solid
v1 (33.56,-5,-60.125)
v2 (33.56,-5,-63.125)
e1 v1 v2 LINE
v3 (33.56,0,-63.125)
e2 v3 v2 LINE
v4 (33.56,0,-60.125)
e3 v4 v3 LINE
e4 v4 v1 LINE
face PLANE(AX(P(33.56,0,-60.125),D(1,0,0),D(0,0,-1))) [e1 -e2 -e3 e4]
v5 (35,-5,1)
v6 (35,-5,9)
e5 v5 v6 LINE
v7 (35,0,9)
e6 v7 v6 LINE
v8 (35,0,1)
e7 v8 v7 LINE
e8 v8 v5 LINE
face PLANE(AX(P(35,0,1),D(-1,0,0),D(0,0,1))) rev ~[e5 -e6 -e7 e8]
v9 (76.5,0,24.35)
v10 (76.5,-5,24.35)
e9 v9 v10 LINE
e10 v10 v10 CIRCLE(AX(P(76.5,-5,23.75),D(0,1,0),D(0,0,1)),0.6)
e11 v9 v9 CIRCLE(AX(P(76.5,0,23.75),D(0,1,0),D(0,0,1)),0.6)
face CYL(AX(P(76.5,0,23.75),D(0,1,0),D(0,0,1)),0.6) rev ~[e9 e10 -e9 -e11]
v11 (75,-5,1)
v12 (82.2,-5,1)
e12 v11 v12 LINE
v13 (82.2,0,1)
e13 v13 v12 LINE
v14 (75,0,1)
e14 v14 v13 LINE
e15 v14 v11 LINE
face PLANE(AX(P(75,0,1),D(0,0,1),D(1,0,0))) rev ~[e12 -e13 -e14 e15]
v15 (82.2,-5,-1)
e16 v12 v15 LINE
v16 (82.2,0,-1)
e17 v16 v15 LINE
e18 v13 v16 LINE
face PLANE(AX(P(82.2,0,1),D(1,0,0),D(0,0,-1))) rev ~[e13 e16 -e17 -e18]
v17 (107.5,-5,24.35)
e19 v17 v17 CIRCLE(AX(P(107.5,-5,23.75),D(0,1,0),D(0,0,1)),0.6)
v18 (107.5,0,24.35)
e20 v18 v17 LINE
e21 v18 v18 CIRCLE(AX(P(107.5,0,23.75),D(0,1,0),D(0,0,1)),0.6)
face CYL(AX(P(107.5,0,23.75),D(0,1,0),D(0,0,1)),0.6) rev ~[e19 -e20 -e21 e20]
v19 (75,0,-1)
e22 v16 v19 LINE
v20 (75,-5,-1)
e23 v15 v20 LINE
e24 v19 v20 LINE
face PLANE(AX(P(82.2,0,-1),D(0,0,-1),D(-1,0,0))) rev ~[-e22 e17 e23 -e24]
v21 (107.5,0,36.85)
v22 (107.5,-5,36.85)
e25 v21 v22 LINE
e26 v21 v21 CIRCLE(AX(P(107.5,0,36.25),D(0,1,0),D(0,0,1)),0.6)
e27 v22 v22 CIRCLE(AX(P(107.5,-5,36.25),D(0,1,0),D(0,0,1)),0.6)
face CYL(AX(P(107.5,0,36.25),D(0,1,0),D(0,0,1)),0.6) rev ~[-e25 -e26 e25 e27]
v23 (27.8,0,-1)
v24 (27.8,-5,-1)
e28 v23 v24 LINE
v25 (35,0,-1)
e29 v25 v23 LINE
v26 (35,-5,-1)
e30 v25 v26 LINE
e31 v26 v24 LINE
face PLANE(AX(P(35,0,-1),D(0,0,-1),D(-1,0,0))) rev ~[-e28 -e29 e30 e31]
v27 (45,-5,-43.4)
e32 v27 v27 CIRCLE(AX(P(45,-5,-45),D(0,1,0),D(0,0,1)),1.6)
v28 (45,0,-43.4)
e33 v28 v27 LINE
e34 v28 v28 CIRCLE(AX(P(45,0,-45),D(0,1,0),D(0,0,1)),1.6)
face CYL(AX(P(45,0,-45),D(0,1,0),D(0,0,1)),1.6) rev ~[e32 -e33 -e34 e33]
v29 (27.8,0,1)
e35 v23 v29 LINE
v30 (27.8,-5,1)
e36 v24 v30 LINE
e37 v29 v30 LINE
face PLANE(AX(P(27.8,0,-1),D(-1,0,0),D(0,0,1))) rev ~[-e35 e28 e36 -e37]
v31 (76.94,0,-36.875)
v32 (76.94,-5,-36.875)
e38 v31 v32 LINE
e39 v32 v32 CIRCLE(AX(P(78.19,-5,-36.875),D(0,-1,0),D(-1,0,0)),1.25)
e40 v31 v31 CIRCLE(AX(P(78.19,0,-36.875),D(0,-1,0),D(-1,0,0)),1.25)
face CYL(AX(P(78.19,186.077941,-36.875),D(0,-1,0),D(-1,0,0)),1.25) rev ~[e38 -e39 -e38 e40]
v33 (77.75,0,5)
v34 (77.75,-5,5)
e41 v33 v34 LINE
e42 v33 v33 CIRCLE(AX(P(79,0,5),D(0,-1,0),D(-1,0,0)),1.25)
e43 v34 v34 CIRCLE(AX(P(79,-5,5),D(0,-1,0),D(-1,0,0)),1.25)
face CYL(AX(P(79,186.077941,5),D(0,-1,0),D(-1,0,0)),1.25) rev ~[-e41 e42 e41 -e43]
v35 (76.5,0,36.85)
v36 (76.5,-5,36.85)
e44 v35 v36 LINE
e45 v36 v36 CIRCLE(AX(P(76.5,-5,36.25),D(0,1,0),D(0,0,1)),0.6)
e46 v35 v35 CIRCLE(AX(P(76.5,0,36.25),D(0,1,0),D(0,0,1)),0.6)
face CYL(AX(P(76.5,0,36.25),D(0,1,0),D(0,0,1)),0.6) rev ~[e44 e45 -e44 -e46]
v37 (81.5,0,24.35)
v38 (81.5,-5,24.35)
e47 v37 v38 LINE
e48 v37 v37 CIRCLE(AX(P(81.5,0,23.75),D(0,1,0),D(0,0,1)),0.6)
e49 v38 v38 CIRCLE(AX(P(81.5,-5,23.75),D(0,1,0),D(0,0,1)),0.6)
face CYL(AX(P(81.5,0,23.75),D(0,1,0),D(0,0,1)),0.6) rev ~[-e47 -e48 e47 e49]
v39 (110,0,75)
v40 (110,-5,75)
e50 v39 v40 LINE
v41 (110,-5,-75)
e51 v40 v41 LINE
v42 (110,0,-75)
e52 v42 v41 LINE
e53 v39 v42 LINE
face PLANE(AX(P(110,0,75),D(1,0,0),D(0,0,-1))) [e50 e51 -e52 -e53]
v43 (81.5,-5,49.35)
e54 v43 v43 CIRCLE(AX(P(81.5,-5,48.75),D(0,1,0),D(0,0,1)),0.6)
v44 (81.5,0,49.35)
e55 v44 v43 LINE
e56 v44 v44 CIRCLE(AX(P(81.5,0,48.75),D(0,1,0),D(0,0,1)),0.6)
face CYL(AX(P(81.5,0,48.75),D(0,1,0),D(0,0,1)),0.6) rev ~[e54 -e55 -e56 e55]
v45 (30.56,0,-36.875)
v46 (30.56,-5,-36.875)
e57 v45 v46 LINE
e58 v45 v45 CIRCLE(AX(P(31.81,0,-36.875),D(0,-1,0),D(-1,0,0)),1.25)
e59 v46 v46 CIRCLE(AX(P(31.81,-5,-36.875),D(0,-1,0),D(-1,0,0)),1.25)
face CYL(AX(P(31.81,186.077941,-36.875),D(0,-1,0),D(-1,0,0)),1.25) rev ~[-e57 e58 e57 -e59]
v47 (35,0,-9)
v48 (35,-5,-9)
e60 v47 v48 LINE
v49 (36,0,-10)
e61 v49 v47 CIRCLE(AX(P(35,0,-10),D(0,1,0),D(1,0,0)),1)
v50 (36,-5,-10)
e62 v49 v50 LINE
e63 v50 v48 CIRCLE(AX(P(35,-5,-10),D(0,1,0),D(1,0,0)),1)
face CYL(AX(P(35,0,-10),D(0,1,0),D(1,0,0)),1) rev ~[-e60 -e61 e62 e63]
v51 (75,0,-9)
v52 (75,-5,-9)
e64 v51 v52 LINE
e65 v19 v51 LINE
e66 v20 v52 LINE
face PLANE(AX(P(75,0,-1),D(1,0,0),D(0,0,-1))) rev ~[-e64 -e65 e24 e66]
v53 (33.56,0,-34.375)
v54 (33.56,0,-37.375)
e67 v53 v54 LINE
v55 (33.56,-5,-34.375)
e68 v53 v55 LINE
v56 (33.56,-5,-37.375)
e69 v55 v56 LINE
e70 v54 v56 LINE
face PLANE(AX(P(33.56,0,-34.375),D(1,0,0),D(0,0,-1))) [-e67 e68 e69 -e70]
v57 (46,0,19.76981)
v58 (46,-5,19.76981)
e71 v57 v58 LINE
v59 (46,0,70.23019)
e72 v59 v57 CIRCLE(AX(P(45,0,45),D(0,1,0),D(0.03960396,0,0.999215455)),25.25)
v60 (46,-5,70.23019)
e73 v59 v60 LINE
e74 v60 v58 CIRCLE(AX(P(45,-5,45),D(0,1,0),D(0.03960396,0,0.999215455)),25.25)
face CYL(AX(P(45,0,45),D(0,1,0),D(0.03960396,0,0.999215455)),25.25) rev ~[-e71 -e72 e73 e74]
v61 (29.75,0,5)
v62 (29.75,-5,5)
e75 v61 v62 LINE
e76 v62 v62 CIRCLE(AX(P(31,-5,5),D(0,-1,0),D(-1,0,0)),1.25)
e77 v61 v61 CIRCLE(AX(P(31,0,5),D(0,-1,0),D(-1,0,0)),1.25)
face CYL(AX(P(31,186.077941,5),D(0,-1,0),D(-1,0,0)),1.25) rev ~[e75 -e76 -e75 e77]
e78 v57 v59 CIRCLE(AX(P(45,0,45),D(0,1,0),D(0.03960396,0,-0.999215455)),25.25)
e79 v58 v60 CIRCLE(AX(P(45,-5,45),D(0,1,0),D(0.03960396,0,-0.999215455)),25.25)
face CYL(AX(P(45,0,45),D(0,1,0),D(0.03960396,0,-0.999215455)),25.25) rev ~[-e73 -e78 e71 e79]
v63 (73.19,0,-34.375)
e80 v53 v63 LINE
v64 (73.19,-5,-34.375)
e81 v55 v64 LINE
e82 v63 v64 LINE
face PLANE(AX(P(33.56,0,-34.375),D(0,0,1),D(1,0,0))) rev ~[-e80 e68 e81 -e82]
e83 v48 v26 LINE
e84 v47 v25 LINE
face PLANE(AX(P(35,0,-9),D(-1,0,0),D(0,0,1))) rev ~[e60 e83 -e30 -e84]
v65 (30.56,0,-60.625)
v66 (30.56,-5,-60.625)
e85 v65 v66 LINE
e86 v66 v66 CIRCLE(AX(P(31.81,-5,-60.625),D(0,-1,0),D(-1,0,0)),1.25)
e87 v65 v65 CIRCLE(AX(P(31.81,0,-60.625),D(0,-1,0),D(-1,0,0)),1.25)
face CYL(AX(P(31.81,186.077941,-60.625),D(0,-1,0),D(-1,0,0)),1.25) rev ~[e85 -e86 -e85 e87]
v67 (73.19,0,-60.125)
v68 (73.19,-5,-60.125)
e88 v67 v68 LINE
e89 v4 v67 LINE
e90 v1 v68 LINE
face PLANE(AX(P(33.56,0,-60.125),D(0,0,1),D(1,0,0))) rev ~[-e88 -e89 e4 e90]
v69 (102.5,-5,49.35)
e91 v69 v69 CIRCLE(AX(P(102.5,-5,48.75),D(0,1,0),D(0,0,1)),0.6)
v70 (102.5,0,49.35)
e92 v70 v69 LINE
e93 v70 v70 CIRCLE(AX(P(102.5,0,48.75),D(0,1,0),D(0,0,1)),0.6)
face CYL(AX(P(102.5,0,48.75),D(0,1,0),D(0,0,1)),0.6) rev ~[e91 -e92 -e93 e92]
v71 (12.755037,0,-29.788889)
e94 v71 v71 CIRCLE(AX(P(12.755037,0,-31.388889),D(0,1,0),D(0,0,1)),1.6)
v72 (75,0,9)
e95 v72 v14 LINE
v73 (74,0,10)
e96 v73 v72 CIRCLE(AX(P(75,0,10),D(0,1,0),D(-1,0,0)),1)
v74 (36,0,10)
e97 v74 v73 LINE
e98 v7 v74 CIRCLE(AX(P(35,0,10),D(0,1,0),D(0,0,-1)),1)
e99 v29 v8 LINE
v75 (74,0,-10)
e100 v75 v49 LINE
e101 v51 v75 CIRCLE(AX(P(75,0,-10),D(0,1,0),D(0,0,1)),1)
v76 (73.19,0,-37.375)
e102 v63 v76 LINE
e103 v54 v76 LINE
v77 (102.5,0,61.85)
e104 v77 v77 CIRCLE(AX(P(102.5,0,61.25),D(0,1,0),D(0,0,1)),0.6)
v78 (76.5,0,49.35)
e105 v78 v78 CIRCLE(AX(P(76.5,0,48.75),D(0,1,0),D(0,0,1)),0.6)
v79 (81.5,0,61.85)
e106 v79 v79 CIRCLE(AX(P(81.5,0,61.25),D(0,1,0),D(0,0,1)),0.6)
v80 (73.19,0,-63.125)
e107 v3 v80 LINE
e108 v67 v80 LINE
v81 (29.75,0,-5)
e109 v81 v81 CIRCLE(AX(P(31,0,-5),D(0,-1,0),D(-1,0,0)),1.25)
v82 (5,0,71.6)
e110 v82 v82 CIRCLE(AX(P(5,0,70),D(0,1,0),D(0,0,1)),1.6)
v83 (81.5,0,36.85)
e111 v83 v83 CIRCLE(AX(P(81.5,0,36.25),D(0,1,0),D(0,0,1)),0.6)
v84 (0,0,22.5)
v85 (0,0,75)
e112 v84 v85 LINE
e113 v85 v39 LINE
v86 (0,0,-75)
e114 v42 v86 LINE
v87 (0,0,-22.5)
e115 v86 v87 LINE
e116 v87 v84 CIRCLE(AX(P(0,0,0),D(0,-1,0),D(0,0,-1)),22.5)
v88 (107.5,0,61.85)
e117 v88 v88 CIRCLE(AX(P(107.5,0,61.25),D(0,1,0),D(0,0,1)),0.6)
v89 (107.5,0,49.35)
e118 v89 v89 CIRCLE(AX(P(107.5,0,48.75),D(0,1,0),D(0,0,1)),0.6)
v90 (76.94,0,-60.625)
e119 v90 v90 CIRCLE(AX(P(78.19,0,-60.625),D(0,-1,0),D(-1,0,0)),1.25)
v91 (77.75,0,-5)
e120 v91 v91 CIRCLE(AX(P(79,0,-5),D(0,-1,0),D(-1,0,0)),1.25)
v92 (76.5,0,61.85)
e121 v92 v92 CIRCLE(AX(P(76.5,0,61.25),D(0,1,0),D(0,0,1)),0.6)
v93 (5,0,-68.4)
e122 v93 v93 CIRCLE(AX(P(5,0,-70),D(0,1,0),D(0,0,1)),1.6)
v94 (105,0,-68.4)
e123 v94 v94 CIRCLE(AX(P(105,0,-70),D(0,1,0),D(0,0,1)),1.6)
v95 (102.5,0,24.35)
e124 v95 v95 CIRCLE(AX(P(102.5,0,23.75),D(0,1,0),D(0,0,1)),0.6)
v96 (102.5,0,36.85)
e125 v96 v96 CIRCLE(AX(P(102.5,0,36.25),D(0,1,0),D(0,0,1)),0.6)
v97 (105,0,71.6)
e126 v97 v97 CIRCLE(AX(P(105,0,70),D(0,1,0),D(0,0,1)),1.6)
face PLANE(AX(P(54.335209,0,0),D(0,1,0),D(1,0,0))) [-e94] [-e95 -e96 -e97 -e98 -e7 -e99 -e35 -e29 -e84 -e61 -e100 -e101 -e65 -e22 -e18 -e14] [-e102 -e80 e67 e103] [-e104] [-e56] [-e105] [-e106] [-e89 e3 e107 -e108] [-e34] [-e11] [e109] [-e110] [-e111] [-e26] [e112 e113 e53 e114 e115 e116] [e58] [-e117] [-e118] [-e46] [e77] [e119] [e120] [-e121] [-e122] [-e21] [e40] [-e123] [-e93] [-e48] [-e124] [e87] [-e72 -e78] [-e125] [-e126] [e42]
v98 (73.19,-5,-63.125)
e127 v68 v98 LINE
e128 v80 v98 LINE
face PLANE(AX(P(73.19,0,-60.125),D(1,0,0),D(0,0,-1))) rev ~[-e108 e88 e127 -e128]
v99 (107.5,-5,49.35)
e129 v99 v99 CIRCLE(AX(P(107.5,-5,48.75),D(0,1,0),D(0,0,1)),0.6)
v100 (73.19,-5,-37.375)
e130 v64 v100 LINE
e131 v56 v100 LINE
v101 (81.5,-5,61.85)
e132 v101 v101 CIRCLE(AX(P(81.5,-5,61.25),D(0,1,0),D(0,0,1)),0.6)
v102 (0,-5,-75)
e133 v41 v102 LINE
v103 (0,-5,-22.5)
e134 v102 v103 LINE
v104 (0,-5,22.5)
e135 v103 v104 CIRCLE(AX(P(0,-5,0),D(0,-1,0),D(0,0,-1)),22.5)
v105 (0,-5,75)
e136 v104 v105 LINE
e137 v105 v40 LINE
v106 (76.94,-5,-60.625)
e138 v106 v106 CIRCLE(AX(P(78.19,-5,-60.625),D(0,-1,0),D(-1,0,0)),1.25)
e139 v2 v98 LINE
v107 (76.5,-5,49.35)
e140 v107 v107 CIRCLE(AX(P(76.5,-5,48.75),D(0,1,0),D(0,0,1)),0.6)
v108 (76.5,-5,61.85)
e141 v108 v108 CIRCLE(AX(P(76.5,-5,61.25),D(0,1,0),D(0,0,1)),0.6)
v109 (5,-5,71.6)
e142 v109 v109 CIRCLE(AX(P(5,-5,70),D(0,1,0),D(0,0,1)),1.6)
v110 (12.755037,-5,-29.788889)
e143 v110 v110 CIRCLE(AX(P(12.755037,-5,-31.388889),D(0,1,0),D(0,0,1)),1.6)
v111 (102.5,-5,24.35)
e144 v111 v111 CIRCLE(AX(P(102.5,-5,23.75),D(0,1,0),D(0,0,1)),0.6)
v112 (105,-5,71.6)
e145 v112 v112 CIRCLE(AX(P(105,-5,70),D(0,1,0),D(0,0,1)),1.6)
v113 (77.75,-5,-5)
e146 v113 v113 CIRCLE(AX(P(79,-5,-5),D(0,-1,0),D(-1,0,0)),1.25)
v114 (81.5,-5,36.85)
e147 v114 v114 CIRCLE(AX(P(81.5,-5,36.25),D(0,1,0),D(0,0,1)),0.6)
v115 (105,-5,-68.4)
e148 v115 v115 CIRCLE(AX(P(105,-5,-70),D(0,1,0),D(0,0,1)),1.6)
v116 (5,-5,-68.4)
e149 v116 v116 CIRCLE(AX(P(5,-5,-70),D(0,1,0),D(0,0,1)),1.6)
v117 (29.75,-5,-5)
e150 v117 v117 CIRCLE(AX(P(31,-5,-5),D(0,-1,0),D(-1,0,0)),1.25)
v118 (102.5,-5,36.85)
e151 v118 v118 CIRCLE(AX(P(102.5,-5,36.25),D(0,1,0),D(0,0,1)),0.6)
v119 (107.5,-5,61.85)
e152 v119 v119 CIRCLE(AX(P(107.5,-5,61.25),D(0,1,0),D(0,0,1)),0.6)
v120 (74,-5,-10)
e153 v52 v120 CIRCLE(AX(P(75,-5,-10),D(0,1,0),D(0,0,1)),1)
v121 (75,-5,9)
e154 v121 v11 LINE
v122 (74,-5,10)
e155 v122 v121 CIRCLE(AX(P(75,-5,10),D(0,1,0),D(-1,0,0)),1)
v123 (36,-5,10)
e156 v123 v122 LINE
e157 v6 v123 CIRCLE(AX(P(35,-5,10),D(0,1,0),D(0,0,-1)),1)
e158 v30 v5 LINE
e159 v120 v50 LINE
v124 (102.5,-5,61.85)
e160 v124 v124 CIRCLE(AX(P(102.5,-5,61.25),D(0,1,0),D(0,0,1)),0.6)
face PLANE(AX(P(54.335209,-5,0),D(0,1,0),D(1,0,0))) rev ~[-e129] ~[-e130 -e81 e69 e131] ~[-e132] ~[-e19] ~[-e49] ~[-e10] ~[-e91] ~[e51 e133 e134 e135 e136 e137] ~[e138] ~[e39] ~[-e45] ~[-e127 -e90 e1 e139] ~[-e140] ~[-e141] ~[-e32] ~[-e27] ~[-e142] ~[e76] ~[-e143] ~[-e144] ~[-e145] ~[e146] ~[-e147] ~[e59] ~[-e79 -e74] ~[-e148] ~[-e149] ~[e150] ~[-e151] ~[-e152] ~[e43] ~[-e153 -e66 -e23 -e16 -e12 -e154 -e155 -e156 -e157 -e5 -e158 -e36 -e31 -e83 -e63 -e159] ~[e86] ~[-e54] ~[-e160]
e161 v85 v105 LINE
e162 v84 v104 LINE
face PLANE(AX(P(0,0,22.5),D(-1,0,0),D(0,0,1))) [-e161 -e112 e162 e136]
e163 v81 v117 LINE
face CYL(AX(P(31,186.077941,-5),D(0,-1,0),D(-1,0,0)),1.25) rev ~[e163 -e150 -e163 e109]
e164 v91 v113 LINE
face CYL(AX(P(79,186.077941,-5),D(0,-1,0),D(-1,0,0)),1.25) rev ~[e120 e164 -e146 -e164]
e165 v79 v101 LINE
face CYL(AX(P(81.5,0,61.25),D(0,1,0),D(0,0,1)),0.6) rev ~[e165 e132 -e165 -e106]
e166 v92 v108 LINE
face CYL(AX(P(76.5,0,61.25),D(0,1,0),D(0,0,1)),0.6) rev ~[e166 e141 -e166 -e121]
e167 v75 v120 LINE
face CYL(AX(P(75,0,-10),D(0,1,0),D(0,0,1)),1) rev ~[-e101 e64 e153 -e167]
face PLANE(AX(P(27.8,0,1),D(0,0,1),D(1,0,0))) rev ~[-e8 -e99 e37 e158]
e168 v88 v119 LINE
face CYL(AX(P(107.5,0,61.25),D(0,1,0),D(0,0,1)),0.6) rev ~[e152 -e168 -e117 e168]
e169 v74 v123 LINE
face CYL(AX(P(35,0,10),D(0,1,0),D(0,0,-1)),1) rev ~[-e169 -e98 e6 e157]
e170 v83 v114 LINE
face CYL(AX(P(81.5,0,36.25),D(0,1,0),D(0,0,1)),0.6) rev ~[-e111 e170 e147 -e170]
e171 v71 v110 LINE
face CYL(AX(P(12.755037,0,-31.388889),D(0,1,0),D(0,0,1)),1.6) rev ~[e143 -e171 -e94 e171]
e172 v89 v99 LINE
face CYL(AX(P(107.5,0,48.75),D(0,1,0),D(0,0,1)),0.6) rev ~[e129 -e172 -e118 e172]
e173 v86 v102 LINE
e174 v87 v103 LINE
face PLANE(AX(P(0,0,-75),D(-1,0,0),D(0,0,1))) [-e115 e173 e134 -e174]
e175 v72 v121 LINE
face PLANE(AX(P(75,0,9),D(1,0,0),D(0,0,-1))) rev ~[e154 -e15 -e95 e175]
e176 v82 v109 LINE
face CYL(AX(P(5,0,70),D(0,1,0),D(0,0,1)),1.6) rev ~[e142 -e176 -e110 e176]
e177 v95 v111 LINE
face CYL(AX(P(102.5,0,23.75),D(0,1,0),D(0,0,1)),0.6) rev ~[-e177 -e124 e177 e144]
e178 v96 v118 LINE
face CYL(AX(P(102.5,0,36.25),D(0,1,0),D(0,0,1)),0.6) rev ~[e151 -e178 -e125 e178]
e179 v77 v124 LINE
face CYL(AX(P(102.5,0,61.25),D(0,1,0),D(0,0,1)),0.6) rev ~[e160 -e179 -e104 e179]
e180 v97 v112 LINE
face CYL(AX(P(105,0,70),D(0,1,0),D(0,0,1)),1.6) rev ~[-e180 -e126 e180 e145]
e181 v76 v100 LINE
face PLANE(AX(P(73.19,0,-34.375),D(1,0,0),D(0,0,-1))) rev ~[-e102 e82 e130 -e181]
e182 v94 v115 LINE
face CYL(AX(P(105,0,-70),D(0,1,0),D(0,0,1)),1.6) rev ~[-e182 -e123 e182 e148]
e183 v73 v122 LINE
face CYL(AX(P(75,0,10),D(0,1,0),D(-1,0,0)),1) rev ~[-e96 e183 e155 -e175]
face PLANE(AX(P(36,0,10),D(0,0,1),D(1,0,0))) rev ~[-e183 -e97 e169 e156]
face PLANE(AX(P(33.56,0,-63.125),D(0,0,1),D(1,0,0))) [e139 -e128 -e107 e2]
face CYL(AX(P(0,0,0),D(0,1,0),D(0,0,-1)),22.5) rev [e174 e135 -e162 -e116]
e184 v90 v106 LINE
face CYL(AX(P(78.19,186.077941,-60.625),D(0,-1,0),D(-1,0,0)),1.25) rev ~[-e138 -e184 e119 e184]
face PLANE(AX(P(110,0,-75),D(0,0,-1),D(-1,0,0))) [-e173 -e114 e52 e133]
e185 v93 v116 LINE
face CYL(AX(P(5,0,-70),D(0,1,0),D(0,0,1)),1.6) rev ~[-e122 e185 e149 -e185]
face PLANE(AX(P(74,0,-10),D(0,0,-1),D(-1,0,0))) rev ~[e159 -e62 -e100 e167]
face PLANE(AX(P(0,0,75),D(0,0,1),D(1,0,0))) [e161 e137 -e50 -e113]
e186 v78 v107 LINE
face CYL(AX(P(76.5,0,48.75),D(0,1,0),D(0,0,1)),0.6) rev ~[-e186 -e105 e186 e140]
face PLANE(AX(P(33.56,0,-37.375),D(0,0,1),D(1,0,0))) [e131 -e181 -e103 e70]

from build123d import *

# Parameters (mm, degrees)
SKETCH_1_R         = 0.6
SKETCH_1_R_2       = 1.6
SKETCH_1_W         = 39.63
SKETCH_1_H         = 3
EXTRUDE_1_DEPTH    = 5
HOLE_WIZARD_M3_1_D = 2.5


with BuildPart() as part:
    # 草圖1 → 填料-伸長1 (new body)
    with BuildSketch(Plane(origin=(0, 0, 0), x_dir=(1, 0, 0), z_dir=(0, 1, 0))):
        with BuildLine():
            Line((110, 75), (0, 75))
            Line((0, 75), (0, 22.5))
            ThreePointArc((0, 22.5), (22.5, 0), (0, -22.5))
            Line((0, -22.5), (0, -75))
            Line((0, -75), (46, -75))
            Line((46, -75), (110, -75))
            Line((110, -75), (110, 75))
        make_face()
        with Locations(Location((76.5, -61.25, 0), (0, 0, 270))):
            Circle(SKETCH_1_R, mode=Mode.SUBTRACT)
        with Locations(Location((5, 70, 0), (0, 0, 270))):
            Circle(SKETCH_1_R_2, mode=Mode.SUBTRACT)
        with Locations(Location((5, -70, 0), (0, 0, 270))):
            Circle(SKETCH_1_R_2, mode=Mode.SUBTRACT)
        with Locations(Location((105, -70, 0), (0, 0, 270))):
            Circle(SKETCH_1_R_2, mode=Mode.SUBTRACT)
        with Locations(Location((105, 70, 0), (0, 0, 270))):
            Circle(SKETCH_1_R_2, mode=Mode.SUBTRACT)
        with Locations(Location((107.5, -61.25, 0), (0, 0, 270))):
            Circle(SKETCH_1_R, mode=Mode.SUBTRACT)
        with Locations(Location((107.5, -48.75, 0), (0, 0, 270))):
            Circle(SKETCH_1_R, mode=Mode.SUBTRACT)
        with Locations(Location((102.5, -48.75, 0), (0, 0, 270))):
            Circle(SKETCH_1_R, mode=Mode.SUBTRACT)
        with Locations(Location((107.5, -23.75, 0), (0, 0, 270))):
            Circle(SKETCH_1_R, mode=Mode.SUBTRACT)
        with Locations(Location((102.5, -36.25, 0), (0, 0, 270))):
            Circle(SKETCH_1_R, mode=Mode.SUBTRACT)
        with Locations(Location((81.5, -48.75, 0), (0, 0, 270))):
            Circle(SKETCH_1_R, mode=Mode.SUBTRACT)
        with Locations(Location((102.5, -23.75, 0), (0, 0, 270))):
            Circle(SKETCH_1_R, mode=Mode.SUBTRACT)
        with Locations(Location((107.5, -36.25, 0), (0, 0, 270))):
            Circle(SKETCH_1_R, mode=Mode.SUBTRACT)
        with Locations(Location((102.5, -61.25, 0), (0, 0, 270))):
            Circle(SKETCH_1_R, mode=Mode.SUBTRACT)
        with Locations(Location((81.5, -36.25, 0), (0, 0, 270))):
            Circle(SKETCH_1_R, mode=Mode.SUBTRACT)
        with Locations(Location((76.5, -48.75, 0), (0, 0, 270))):
            Circle(SKETCH_1_R, mode=Mode.SUBTRACT)
        with Locations(Location((81.5, -61.25, 0), (0, 0, 270))):
            Circle(SKETCH_1_R, mode=Mode.SUBTRACT)
        with Locations(Location((81.5, -23.75, 0), (0, 0, 270))):
            Circle(SKETCH_1_R, mode=Mode.SUBTRACT)
        with Locations(Location((76.5, -36.25, 0), (0, 0, 270))):
            Circle(SKETCH_1_R, mode=Mode.SUBTRACT)
        with Locations(Location((76.5, -23.75, 0), (0, 0, 270))):
            Circle(SKETCH_1_R, mode=Mode.SUBTRACT)
        with Locations(Location((45, 45, 0), (0, 0, 270))):
            Circle(SKETCH_1_R_2, mode=Mode.SUBTRACT)
        with Locations(Location((12.75503676, 31.388888889, 0), (0, 0, 270))):
            Circle(SKETCH_1_R_2, mode=Mode.SUBTRACT)
        with BuildLine():
            Line((75, -9), (75, -1))
            Line((75, -1), (82.2, -1))
            Line((82.2, -1), (82.2, 1))
            Line((82.2, 1), (75, 1))
            Line((75, 1), (75, 9))
            ThreePointArc((75, 9), (75.707106781, 10.707106781), (74, 10))
            Line((74, 10), (36, 10))
            ThreePointArc((36, 10), (34.292893219, 10.707106781), (35, 9))
            Line((35, 9), (35, 1))
            Line((35, 1), (27.8, 1))
            Line((27.8, 1), (27.8, -1))
            Line((27.8, -1), (35, -1))
            Line((35, -1), (35, -9))
            ThreePointArc((35, -9), (34.292893219, -10.707106781), (36, -10))
            Line((36, -10), (74, -10))
            ThreePointArc((74, -10), (75.707106781, -10.707106781), (75, -9))
        make_face(mode=Mode.SUBTRACT)
        with Locations((53.375, 61.625)):
            Rectangle(SKETCH_1_W, SKETCH_1_H, mode=Mode.SUBTRACT)
        with Locations((53.375, 35.875)):
            Rectangle(SKETCH_1_W, SKETCH_1_H, mode=Mode.SUBTRACT)
        with BuildLine():
            ThreePointArc((46, -70.230190249), (70.25, -45), (46, -19.769809751))
            ThreePointArc((46, -19.769809751), (19.75, -45), (46, -70.230190249))
        make_face(mode=Mode.SUBTRACT)
    extrude(amount=-EXTRUDE_1_DEPTH)

    # M3 螺紋孔1 (through all)
    with Locations(Plane(origin=(0, 0, 0), x_dir=(1, 0, 0), z_dir=(0, 1, 0))):
        with Locations((31, 5), (31, -5), (79, -5), (79, 5), (31.81, 36.875), (31.81, 60.625), (78.19, 60.625), (78.19, 36.875)):
            Hole(HOLE_WIZARD_M3_1_D / 2)


solid = part.part
